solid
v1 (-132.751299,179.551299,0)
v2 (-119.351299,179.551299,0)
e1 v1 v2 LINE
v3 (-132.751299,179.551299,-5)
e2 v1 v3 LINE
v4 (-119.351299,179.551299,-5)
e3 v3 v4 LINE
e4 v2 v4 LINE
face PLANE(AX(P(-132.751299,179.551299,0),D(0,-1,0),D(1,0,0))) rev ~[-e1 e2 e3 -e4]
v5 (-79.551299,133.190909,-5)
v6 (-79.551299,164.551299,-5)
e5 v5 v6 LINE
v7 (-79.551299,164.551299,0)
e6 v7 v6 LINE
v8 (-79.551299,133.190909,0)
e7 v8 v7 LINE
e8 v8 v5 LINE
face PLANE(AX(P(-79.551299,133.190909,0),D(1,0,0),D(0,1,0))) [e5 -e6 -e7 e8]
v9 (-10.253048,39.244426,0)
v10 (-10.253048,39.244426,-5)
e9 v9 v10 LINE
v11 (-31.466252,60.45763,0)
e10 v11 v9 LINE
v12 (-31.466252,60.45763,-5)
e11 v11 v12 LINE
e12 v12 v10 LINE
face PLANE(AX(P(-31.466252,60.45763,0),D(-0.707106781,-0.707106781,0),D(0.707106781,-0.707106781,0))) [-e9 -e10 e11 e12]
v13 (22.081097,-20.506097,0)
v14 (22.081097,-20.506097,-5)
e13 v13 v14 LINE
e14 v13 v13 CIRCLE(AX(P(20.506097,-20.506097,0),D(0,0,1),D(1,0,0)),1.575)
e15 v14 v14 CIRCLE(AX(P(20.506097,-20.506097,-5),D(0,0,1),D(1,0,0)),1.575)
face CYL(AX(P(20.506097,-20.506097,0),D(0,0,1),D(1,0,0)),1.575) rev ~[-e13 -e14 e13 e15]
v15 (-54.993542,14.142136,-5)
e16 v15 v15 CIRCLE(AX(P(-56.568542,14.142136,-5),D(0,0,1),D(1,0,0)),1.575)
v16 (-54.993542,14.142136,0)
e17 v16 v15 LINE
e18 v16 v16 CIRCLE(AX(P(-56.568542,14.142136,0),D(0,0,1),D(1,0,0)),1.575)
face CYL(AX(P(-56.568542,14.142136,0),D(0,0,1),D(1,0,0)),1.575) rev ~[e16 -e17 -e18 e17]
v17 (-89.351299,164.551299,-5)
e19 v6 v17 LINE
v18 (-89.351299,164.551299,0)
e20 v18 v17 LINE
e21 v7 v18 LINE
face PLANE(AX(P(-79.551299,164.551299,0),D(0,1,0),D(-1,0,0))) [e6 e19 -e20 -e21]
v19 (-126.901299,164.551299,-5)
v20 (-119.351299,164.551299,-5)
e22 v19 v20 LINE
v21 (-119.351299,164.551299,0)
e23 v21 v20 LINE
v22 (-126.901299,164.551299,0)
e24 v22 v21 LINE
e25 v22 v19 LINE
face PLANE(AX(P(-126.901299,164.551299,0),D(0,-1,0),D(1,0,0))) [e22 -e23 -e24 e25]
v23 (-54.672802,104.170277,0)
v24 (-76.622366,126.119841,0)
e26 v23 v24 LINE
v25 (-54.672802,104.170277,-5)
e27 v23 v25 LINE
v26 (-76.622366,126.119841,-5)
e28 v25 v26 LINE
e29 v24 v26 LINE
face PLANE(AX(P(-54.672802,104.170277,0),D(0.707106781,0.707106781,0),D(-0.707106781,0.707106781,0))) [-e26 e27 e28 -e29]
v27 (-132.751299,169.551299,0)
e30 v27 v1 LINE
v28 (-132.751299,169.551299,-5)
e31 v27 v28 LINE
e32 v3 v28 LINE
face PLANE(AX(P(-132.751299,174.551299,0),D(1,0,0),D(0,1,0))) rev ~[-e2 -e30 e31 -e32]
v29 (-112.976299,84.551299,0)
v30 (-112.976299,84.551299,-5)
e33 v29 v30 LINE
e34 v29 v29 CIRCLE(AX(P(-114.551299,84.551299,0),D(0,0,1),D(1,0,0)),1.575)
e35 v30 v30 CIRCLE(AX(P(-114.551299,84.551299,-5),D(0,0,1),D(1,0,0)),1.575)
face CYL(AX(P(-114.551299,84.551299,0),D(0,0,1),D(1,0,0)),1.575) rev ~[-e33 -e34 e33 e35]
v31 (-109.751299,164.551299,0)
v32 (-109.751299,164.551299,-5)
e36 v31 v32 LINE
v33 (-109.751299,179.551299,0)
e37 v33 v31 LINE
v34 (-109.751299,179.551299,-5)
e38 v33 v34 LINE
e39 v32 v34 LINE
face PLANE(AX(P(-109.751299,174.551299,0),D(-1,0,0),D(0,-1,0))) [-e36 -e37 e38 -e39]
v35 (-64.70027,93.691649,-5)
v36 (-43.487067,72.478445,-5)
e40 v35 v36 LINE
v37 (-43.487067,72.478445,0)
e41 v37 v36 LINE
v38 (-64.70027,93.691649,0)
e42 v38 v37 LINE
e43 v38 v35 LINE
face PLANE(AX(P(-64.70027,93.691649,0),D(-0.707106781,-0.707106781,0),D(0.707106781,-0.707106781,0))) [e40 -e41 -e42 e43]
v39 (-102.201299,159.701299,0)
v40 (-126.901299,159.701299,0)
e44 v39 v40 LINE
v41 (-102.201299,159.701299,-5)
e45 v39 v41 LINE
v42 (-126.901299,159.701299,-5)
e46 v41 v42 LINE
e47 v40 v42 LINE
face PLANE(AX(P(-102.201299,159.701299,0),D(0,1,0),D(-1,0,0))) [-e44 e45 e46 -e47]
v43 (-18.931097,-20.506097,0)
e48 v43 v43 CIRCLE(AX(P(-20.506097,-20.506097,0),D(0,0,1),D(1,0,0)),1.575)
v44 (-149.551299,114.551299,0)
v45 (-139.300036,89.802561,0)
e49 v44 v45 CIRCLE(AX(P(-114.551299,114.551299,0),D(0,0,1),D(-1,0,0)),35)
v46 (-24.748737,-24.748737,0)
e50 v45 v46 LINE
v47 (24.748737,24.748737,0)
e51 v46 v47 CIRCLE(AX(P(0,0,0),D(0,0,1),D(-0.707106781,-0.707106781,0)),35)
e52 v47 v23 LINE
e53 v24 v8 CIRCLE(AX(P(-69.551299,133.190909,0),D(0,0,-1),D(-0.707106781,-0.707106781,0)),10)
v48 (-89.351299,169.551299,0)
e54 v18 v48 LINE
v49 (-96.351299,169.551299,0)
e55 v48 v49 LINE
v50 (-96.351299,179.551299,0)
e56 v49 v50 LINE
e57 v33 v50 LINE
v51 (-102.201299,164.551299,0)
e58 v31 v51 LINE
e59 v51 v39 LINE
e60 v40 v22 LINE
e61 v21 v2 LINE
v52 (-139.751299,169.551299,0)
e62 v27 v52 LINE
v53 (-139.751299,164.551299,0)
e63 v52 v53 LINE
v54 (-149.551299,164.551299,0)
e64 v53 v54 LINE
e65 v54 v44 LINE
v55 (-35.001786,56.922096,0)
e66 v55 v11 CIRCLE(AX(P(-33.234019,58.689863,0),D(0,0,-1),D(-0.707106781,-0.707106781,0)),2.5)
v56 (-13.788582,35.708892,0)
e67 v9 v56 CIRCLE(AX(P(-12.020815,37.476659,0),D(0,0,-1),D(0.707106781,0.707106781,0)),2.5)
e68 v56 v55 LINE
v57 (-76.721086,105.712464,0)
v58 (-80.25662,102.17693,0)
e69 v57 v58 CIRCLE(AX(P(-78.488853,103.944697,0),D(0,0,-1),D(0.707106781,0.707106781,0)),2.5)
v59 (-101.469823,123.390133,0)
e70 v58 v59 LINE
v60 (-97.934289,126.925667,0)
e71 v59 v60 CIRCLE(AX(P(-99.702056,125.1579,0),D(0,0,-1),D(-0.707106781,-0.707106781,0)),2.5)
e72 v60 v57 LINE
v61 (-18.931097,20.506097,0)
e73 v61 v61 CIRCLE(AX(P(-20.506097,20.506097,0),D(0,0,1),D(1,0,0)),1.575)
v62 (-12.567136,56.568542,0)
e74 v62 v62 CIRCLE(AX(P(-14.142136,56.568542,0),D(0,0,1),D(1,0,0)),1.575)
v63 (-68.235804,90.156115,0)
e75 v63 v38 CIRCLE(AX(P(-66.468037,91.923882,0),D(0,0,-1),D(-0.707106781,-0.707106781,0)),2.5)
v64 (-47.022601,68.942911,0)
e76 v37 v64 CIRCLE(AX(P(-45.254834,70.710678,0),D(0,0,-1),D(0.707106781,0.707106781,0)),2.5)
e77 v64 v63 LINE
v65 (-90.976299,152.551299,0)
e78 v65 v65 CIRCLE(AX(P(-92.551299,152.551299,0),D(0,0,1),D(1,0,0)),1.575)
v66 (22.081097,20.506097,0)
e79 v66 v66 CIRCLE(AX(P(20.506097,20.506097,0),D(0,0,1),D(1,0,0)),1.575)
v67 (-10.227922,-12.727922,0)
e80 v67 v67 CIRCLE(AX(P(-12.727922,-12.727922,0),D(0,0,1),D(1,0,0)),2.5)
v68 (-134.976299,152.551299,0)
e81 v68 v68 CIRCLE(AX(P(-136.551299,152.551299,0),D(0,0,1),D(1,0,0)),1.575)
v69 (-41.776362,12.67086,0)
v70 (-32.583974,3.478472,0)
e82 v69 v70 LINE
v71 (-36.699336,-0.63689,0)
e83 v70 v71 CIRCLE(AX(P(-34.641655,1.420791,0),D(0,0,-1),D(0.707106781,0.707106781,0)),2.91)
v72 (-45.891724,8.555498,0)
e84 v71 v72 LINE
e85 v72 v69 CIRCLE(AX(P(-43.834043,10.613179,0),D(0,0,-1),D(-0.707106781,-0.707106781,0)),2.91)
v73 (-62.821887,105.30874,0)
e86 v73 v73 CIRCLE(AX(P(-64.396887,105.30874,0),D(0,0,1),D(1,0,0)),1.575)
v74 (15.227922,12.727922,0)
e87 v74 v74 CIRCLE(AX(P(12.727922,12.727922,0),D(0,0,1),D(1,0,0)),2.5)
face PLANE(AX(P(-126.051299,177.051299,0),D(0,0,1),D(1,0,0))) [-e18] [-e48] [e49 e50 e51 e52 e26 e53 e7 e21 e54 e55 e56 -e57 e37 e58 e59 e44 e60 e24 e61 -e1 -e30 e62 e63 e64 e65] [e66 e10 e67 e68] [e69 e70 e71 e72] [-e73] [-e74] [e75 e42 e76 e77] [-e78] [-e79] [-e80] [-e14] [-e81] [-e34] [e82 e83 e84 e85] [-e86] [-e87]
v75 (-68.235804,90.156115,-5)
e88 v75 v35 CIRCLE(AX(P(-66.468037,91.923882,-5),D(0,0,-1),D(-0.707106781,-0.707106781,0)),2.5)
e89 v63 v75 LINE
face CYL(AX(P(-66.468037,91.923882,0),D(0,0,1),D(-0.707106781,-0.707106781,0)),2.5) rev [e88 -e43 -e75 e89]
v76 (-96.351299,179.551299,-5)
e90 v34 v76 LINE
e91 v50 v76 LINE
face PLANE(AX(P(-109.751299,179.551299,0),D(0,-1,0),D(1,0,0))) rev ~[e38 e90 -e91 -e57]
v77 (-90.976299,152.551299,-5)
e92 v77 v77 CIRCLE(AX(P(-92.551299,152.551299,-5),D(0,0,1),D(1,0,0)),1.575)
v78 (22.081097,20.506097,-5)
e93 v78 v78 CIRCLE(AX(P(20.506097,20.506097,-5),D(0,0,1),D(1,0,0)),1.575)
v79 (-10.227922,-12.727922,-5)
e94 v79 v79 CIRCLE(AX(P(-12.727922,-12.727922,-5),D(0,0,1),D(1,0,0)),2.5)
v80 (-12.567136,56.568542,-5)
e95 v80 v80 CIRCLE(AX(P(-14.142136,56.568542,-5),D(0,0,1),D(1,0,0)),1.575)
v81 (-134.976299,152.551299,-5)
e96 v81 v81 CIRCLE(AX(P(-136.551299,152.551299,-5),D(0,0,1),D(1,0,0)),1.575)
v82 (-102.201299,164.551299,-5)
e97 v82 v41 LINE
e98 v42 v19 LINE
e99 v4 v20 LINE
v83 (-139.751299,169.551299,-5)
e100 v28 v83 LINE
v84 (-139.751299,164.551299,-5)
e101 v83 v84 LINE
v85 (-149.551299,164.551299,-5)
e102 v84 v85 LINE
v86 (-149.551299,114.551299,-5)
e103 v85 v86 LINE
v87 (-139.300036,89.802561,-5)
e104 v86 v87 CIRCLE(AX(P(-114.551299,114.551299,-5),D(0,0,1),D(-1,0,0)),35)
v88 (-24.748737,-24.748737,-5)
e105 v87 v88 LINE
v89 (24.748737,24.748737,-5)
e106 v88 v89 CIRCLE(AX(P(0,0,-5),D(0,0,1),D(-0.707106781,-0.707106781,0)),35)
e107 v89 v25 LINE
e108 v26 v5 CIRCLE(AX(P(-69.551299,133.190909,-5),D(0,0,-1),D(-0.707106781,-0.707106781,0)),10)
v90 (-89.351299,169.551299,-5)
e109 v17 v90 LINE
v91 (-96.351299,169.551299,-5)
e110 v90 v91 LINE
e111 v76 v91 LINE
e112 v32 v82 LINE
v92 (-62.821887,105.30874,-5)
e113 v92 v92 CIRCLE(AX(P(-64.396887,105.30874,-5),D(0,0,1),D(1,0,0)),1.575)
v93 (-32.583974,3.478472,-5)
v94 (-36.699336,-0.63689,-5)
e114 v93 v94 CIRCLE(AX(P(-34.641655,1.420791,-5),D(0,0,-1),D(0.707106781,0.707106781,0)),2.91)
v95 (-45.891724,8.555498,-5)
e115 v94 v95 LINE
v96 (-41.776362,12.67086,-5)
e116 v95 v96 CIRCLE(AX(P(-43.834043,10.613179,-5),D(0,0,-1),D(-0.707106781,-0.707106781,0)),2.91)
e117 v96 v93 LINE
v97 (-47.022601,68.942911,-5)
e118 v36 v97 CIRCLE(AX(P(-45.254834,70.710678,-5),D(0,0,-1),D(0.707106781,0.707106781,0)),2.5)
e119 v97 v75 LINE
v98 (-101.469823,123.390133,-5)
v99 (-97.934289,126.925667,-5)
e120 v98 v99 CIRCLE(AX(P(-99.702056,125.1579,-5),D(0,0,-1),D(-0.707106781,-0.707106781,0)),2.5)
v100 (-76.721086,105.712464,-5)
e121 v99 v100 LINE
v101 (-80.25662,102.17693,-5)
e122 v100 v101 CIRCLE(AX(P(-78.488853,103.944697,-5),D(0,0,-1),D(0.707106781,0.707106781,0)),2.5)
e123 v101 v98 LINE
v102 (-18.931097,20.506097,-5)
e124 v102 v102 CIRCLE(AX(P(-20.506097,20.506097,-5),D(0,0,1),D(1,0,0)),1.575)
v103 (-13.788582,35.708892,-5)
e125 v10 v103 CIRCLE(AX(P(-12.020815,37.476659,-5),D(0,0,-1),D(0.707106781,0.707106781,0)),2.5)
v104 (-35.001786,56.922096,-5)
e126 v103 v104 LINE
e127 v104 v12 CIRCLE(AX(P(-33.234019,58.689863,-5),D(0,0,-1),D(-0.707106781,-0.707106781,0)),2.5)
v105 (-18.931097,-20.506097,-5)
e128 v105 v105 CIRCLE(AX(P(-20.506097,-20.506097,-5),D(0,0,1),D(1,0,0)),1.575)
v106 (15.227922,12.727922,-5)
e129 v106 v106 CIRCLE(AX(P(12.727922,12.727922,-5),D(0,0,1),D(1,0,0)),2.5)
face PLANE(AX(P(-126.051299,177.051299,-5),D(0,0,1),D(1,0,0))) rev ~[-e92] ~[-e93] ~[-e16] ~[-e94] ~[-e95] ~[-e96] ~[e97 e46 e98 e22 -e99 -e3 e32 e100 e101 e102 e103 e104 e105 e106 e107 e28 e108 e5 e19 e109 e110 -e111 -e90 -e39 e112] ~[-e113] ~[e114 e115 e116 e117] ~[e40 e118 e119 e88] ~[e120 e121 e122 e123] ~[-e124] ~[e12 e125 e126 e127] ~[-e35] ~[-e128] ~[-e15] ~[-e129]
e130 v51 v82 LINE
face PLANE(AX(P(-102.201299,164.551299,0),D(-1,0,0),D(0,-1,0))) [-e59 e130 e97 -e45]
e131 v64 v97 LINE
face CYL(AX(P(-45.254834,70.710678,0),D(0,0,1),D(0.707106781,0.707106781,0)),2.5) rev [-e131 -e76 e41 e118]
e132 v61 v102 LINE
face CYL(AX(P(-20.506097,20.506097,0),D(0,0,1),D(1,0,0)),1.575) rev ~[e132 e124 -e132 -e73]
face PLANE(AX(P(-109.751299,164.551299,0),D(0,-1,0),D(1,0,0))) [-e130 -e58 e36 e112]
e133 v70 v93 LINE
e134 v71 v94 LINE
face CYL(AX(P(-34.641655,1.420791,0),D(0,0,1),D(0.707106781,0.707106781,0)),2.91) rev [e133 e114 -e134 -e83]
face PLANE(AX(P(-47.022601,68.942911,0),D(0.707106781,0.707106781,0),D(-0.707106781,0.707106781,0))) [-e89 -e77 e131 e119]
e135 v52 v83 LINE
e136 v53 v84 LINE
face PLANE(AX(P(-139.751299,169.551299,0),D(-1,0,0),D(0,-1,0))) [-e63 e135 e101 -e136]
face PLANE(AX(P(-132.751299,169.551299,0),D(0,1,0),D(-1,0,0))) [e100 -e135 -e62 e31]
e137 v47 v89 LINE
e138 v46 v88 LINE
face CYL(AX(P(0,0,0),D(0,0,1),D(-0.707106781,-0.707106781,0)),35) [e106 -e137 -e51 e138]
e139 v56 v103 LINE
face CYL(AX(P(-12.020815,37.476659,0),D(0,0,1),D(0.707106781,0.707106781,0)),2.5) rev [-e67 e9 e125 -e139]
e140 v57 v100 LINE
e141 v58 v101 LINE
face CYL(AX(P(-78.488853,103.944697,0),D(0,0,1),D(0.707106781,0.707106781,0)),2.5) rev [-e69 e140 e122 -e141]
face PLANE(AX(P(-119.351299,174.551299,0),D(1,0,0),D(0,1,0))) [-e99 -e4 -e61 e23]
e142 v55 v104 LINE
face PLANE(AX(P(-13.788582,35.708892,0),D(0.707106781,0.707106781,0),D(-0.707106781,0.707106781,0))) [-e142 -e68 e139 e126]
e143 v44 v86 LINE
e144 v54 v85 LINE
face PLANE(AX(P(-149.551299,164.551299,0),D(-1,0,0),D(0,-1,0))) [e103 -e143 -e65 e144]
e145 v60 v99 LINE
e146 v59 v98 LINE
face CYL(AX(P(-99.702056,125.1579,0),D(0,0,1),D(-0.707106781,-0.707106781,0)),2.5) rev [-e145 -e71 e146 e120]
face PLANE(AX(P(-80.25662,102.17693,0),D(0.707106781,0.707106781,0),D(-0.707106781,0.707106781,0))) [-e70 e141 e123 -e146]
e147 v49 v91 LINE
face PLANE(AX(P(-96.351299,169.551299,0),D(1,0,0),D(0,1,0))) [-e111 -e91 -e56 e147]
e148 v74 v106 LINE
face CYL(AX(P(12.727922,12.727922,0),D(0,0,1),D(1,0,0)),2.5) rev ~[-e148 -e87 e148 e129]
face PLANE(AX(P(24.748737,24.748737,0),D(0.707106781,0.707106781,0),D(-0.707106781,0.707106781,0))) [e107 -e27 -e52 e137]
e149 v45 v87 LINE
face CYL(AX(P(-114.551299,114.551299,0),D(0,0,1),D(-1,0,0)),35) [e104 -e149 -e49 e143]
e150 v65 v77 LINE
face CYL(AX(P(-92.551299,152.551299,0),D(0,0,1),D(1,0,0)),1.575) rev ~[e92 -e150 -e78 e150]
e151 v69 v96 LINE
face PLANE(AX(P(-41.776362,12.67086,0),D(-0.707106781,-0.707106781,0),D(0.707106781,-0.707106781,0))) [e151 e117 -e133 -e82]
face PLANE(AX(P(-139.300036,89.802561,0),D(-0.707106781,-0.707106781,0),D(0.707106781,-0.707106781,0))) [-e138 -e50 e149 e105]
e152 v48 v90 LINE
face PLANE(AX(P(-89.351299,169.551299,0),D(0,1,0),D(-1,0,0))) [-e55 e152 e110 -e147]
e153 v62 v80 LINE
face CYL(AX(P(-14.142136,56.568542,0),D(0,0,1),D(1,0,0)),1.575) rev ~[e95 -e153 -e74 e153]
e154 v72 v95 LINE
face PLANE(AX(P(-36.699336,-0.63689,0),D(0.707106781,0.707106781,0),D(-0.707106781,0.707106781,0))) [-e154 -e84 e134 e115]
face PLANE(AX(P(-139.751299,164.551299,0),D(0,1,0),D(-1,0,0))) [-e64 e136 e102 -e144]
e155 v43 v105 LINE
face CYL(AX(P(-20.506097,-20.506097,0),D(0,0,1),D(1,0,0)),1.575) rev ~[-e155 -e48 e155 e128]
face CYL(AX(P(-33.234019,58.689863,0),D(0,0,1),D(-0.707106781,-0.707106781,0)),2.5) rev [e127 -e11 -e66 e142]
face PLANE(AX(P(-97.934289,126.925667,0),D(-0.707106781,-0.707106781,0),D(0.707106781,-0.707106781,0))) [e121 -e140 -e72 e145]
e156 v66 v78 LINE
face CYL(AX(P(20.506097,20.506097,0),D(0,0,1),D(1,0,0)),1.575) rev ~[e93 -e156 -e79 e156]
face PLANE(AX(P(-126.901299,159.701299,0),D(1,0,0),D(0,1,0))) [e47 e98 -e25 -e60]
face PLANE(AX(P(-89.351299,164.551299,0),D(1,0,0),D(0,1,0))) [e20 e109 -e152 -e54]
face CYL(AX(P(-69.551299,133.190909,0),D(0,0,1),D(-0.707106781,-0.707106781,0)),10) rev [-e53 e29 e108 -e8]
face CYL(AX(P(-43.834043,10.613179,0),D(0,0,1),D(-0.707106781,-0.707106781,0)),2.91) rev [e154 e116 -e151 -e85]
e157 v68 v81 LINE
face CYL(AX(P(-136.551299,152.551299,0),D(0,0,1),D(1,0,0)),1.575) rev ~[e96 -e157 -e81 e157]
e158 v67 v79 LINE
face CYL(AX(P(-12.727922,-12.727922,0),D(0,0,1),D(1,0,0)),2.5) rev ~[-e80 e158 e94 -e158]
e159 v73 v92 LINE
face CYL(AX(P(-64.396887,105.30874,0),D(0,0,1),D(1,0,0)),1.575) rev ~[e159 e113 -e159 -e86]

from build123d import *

# Parameters (mm, degrees)
SKETCH1_R           = 1.575
SKETCH1_R_2         = 2.5
BOSS_EXTRUDE1_DEPTH = 5
SKETCH3_W           = 13.4
SKETCH3_H           = 5
BOSS_EXTRUDE2_DEPTH = 5


with BuildPart() as part:
    # Sketch1 → Boss-Extrude1 (new body)
    with BuildSketch(Plane.XY):
        with BuildLine():
            Line((-139.300035894, 89.802561211), (-24.748737342, -24.748737342))
            ThreePointArc((-24.748737342, -24.748737342), (24.748737342, -24.748737342), (24.748737342, 24.748737342))
            Line((24.748737342, 24.748737342), (-54.672802234, 104.170276917))
            Line((-54.672802234, 104.170276917), (-76.622366364, 126.119841047))
            ThreePointArc((-76.622366364, 126.119841047), (-78.790093877, 129.364074535), (-79.551298552, 133.190908859))
            Line((-79.551298552, 133.190908859), (-79.551298552, 164.551298552))
            Line((-79.551298552, 164.551298552), (-89.351298552, 164.551298552))
            Line((-89.351298552, 164.551298552), (-89.351298552, 169.551298552))
            Line((-89.351298552, 169.551298552), (-96.351298552, 169.551298552))
            Line((-96.351298552, 169.551298552), (-96.351298552, 174.551298552))
            Line((-96.351298552, 174.551298552), (-109.751298552, 174.551298552))
            Line((-109.751298552, 174.551298552), (-109.751298552, 169.551298552))
            Line((-109.751298552, 169.551298552), (-109.751298552, 164.551298552))
            Line((-109.751298552, 164.551298552), (-102.201298552, 164.551298552))
            Line((-102.201298552, 164.551298552), (-102.201298552, 159.701298552))
            Line((-102.201298552, 159.701298552), (-126.901298552, 159.701298552))
            Line((-126.901298552, 159.701298552), (-126.901298552, 164.551298552))
            Line((-126.901298552, 164.551298552), (-119.351298552, 164.551298552))
            Line((-119.351298552, 164.551298552), (-119.351298552, 169.551298552))
            Line((-119.351298552, 169.551298552), (-119.351298552, 174.551298552))
            Line((-119.351298552, 174.551298552), (-132.751298552, 174.551298552))
            Line((-132.751298552, 174.551298552), (-132.751298552, 169.551298552))
            Line((-132.751298552, 169.551298552), (-139.751298552, 169.551298552))
            Line((-139.751298552, 169.551298552), (-139.751298552, 164.551298552))
            Line((-139.751298552, 164.551298552), (-149.551298552, 164.551298552))
            Line((-149.551298552, 164.551298552), (-149.551298552, 114.551298552))
            ThreePointArc((-149.551298552, 114.551298552), (-146.88708219, 101.157378419), (-139.300035894, 89.802561211))
        make_face()
        with Locations((-20.506096654, -20.506096654)):
            Circle(SKETCH1_R, mode=Mode.SUBTRACT)
        with Locations((-12.727922061, -12.727922061)):
            Circle(SKETCH1_R_2, mode=Mode.SUBTRACT)
        with Locations((-56.568542495, 14.142135624)):
            Circle(SKETCH1_R, mode=Mode.SUBTRACT)
        with BuildLine():
            ThreePointArc((-45.891723759, 8.555498392), (-45.891723759, 12.670859859), (-41.776362292, 12.670859859))
            Line((-41.776362292, 12.670859859), (-32.583974137, 3.478471704))
            ThreePointArc((-32.583974137, 3.478471704), (-32.583974137, -0.636889763), (-36.699335604, -0.636889763))
            Line((-36.699335604, -0.636889763), (-45.891723759, 8.555498392))
        make_face(mode=Mode.SUBTRACT)
        with Locations((20.506096654, -20.506096654)):
            Circle(SKETCH1_R, mode=Mode.SUBTRACT)
        with Locations((12.727922061, 12.727922061)):
            Circle(SKETCH1_R_2, mode=Mode.SUBTRACT)
        with Locations((-20.506096654, 20.506096654)):
            Circle(SKETCH1_R, mode=Mode.SUBTRACT)
        with BuildLine():
            ThreePointArc((-35.001785669, 56.922095886), (-35.001785669, 60.457629791), (-31.466251763, 60.457629791))
            Line((-31.466251763, 60.457629791), (-10.253048327, 39.244426356))
            ThreePointArc((-10.253048327, 39.244426356), (-10.253048327, 35.70889245), (-13.788582233, 35.70889245))
            Line((-13.788582233, 35.70889245), (-35.001785669, 56.922095886))
        make_face(mode=Mode.SUBTRACT)
        with Locations((-14.142135624, 56.568542495)):
            Circle(SKETCH1_R, mode=Mode.SUBTRACT)
        with Locations((20.506096654, 20.506096654)):
            Circle(SKETCH1_R, mode=Mode.SUBTRACT)
        with Locations((-114.551298552, 84.551298552)):
            Circle(SKETCH1_R, mode=Mode.SUBTRACT)
        with BuildLine():
            ThreePointArc((-101.4698231, 123.390133317), (-101.4698231, 126.925667223), (-97.934289194, 126.925667223))
            Line((-97.934289194, 126.925667223), (-76.721085759, 105.712463787))
            ThreePointArc((-76.721085759, 105.712463787), (-76.721085759, 102.176929881), (-80.256619665, 102.176929881))
            Line((-80.256619665, 102.176929881), (-101.4698231, 123.390133317))
        make_face(mode=Mode.SUBTRACT)
        with Locations((-64.396887007, 105.308740477)):
            Circle(SKETCH1_R, mode=Mode.SUBTRACT)
        with Locations((-136.551298552, 152.551298552)):
            Circle(SKETCH1_R, mode=Mode.SUBTRACT)
        with Locations((-92.551298552, 152.551298552)):
            Circle(SKETCH1_R, mode=Mode.SUBTRACT)
        with BuildLine():
            ThreePointArc((-68.235804384, 90.156114601), (-68.235804384, 93.691648507), (-64.700270479, 93.691648507))
            Line((-64.700270479, 93.691648507), (-43.487067043, 72.478445072))
            ThreePointArc((-43.487067043, 72.478445072), (-43.487067043, 68.942911166), (-47.022600949, 68.942911166))
            Line((-47.022600949, 68.942911166), (-68.235804384, 90.156114601))
        make_face(mode=Mode.SUBTRACT)
    extrude(amount=-BOSS_EXTRUDE1_DEPTH)

    # Sketch3 → Boss-Extrude2 (add)
    with BuildSketch(Plane.XY):
        with Locations((-126.051298552, 177.051298552)):
            Rectangle(SKETCH3_W, SKETCH3_H)
        with Locations((-103.051298552, 177.051298552)):
            Rectangle(SKETCH3_W, SKETCH3_H)
    extrude(amount=-BOSS_EXTRUDE2_DEPTH)


solid = part.part
